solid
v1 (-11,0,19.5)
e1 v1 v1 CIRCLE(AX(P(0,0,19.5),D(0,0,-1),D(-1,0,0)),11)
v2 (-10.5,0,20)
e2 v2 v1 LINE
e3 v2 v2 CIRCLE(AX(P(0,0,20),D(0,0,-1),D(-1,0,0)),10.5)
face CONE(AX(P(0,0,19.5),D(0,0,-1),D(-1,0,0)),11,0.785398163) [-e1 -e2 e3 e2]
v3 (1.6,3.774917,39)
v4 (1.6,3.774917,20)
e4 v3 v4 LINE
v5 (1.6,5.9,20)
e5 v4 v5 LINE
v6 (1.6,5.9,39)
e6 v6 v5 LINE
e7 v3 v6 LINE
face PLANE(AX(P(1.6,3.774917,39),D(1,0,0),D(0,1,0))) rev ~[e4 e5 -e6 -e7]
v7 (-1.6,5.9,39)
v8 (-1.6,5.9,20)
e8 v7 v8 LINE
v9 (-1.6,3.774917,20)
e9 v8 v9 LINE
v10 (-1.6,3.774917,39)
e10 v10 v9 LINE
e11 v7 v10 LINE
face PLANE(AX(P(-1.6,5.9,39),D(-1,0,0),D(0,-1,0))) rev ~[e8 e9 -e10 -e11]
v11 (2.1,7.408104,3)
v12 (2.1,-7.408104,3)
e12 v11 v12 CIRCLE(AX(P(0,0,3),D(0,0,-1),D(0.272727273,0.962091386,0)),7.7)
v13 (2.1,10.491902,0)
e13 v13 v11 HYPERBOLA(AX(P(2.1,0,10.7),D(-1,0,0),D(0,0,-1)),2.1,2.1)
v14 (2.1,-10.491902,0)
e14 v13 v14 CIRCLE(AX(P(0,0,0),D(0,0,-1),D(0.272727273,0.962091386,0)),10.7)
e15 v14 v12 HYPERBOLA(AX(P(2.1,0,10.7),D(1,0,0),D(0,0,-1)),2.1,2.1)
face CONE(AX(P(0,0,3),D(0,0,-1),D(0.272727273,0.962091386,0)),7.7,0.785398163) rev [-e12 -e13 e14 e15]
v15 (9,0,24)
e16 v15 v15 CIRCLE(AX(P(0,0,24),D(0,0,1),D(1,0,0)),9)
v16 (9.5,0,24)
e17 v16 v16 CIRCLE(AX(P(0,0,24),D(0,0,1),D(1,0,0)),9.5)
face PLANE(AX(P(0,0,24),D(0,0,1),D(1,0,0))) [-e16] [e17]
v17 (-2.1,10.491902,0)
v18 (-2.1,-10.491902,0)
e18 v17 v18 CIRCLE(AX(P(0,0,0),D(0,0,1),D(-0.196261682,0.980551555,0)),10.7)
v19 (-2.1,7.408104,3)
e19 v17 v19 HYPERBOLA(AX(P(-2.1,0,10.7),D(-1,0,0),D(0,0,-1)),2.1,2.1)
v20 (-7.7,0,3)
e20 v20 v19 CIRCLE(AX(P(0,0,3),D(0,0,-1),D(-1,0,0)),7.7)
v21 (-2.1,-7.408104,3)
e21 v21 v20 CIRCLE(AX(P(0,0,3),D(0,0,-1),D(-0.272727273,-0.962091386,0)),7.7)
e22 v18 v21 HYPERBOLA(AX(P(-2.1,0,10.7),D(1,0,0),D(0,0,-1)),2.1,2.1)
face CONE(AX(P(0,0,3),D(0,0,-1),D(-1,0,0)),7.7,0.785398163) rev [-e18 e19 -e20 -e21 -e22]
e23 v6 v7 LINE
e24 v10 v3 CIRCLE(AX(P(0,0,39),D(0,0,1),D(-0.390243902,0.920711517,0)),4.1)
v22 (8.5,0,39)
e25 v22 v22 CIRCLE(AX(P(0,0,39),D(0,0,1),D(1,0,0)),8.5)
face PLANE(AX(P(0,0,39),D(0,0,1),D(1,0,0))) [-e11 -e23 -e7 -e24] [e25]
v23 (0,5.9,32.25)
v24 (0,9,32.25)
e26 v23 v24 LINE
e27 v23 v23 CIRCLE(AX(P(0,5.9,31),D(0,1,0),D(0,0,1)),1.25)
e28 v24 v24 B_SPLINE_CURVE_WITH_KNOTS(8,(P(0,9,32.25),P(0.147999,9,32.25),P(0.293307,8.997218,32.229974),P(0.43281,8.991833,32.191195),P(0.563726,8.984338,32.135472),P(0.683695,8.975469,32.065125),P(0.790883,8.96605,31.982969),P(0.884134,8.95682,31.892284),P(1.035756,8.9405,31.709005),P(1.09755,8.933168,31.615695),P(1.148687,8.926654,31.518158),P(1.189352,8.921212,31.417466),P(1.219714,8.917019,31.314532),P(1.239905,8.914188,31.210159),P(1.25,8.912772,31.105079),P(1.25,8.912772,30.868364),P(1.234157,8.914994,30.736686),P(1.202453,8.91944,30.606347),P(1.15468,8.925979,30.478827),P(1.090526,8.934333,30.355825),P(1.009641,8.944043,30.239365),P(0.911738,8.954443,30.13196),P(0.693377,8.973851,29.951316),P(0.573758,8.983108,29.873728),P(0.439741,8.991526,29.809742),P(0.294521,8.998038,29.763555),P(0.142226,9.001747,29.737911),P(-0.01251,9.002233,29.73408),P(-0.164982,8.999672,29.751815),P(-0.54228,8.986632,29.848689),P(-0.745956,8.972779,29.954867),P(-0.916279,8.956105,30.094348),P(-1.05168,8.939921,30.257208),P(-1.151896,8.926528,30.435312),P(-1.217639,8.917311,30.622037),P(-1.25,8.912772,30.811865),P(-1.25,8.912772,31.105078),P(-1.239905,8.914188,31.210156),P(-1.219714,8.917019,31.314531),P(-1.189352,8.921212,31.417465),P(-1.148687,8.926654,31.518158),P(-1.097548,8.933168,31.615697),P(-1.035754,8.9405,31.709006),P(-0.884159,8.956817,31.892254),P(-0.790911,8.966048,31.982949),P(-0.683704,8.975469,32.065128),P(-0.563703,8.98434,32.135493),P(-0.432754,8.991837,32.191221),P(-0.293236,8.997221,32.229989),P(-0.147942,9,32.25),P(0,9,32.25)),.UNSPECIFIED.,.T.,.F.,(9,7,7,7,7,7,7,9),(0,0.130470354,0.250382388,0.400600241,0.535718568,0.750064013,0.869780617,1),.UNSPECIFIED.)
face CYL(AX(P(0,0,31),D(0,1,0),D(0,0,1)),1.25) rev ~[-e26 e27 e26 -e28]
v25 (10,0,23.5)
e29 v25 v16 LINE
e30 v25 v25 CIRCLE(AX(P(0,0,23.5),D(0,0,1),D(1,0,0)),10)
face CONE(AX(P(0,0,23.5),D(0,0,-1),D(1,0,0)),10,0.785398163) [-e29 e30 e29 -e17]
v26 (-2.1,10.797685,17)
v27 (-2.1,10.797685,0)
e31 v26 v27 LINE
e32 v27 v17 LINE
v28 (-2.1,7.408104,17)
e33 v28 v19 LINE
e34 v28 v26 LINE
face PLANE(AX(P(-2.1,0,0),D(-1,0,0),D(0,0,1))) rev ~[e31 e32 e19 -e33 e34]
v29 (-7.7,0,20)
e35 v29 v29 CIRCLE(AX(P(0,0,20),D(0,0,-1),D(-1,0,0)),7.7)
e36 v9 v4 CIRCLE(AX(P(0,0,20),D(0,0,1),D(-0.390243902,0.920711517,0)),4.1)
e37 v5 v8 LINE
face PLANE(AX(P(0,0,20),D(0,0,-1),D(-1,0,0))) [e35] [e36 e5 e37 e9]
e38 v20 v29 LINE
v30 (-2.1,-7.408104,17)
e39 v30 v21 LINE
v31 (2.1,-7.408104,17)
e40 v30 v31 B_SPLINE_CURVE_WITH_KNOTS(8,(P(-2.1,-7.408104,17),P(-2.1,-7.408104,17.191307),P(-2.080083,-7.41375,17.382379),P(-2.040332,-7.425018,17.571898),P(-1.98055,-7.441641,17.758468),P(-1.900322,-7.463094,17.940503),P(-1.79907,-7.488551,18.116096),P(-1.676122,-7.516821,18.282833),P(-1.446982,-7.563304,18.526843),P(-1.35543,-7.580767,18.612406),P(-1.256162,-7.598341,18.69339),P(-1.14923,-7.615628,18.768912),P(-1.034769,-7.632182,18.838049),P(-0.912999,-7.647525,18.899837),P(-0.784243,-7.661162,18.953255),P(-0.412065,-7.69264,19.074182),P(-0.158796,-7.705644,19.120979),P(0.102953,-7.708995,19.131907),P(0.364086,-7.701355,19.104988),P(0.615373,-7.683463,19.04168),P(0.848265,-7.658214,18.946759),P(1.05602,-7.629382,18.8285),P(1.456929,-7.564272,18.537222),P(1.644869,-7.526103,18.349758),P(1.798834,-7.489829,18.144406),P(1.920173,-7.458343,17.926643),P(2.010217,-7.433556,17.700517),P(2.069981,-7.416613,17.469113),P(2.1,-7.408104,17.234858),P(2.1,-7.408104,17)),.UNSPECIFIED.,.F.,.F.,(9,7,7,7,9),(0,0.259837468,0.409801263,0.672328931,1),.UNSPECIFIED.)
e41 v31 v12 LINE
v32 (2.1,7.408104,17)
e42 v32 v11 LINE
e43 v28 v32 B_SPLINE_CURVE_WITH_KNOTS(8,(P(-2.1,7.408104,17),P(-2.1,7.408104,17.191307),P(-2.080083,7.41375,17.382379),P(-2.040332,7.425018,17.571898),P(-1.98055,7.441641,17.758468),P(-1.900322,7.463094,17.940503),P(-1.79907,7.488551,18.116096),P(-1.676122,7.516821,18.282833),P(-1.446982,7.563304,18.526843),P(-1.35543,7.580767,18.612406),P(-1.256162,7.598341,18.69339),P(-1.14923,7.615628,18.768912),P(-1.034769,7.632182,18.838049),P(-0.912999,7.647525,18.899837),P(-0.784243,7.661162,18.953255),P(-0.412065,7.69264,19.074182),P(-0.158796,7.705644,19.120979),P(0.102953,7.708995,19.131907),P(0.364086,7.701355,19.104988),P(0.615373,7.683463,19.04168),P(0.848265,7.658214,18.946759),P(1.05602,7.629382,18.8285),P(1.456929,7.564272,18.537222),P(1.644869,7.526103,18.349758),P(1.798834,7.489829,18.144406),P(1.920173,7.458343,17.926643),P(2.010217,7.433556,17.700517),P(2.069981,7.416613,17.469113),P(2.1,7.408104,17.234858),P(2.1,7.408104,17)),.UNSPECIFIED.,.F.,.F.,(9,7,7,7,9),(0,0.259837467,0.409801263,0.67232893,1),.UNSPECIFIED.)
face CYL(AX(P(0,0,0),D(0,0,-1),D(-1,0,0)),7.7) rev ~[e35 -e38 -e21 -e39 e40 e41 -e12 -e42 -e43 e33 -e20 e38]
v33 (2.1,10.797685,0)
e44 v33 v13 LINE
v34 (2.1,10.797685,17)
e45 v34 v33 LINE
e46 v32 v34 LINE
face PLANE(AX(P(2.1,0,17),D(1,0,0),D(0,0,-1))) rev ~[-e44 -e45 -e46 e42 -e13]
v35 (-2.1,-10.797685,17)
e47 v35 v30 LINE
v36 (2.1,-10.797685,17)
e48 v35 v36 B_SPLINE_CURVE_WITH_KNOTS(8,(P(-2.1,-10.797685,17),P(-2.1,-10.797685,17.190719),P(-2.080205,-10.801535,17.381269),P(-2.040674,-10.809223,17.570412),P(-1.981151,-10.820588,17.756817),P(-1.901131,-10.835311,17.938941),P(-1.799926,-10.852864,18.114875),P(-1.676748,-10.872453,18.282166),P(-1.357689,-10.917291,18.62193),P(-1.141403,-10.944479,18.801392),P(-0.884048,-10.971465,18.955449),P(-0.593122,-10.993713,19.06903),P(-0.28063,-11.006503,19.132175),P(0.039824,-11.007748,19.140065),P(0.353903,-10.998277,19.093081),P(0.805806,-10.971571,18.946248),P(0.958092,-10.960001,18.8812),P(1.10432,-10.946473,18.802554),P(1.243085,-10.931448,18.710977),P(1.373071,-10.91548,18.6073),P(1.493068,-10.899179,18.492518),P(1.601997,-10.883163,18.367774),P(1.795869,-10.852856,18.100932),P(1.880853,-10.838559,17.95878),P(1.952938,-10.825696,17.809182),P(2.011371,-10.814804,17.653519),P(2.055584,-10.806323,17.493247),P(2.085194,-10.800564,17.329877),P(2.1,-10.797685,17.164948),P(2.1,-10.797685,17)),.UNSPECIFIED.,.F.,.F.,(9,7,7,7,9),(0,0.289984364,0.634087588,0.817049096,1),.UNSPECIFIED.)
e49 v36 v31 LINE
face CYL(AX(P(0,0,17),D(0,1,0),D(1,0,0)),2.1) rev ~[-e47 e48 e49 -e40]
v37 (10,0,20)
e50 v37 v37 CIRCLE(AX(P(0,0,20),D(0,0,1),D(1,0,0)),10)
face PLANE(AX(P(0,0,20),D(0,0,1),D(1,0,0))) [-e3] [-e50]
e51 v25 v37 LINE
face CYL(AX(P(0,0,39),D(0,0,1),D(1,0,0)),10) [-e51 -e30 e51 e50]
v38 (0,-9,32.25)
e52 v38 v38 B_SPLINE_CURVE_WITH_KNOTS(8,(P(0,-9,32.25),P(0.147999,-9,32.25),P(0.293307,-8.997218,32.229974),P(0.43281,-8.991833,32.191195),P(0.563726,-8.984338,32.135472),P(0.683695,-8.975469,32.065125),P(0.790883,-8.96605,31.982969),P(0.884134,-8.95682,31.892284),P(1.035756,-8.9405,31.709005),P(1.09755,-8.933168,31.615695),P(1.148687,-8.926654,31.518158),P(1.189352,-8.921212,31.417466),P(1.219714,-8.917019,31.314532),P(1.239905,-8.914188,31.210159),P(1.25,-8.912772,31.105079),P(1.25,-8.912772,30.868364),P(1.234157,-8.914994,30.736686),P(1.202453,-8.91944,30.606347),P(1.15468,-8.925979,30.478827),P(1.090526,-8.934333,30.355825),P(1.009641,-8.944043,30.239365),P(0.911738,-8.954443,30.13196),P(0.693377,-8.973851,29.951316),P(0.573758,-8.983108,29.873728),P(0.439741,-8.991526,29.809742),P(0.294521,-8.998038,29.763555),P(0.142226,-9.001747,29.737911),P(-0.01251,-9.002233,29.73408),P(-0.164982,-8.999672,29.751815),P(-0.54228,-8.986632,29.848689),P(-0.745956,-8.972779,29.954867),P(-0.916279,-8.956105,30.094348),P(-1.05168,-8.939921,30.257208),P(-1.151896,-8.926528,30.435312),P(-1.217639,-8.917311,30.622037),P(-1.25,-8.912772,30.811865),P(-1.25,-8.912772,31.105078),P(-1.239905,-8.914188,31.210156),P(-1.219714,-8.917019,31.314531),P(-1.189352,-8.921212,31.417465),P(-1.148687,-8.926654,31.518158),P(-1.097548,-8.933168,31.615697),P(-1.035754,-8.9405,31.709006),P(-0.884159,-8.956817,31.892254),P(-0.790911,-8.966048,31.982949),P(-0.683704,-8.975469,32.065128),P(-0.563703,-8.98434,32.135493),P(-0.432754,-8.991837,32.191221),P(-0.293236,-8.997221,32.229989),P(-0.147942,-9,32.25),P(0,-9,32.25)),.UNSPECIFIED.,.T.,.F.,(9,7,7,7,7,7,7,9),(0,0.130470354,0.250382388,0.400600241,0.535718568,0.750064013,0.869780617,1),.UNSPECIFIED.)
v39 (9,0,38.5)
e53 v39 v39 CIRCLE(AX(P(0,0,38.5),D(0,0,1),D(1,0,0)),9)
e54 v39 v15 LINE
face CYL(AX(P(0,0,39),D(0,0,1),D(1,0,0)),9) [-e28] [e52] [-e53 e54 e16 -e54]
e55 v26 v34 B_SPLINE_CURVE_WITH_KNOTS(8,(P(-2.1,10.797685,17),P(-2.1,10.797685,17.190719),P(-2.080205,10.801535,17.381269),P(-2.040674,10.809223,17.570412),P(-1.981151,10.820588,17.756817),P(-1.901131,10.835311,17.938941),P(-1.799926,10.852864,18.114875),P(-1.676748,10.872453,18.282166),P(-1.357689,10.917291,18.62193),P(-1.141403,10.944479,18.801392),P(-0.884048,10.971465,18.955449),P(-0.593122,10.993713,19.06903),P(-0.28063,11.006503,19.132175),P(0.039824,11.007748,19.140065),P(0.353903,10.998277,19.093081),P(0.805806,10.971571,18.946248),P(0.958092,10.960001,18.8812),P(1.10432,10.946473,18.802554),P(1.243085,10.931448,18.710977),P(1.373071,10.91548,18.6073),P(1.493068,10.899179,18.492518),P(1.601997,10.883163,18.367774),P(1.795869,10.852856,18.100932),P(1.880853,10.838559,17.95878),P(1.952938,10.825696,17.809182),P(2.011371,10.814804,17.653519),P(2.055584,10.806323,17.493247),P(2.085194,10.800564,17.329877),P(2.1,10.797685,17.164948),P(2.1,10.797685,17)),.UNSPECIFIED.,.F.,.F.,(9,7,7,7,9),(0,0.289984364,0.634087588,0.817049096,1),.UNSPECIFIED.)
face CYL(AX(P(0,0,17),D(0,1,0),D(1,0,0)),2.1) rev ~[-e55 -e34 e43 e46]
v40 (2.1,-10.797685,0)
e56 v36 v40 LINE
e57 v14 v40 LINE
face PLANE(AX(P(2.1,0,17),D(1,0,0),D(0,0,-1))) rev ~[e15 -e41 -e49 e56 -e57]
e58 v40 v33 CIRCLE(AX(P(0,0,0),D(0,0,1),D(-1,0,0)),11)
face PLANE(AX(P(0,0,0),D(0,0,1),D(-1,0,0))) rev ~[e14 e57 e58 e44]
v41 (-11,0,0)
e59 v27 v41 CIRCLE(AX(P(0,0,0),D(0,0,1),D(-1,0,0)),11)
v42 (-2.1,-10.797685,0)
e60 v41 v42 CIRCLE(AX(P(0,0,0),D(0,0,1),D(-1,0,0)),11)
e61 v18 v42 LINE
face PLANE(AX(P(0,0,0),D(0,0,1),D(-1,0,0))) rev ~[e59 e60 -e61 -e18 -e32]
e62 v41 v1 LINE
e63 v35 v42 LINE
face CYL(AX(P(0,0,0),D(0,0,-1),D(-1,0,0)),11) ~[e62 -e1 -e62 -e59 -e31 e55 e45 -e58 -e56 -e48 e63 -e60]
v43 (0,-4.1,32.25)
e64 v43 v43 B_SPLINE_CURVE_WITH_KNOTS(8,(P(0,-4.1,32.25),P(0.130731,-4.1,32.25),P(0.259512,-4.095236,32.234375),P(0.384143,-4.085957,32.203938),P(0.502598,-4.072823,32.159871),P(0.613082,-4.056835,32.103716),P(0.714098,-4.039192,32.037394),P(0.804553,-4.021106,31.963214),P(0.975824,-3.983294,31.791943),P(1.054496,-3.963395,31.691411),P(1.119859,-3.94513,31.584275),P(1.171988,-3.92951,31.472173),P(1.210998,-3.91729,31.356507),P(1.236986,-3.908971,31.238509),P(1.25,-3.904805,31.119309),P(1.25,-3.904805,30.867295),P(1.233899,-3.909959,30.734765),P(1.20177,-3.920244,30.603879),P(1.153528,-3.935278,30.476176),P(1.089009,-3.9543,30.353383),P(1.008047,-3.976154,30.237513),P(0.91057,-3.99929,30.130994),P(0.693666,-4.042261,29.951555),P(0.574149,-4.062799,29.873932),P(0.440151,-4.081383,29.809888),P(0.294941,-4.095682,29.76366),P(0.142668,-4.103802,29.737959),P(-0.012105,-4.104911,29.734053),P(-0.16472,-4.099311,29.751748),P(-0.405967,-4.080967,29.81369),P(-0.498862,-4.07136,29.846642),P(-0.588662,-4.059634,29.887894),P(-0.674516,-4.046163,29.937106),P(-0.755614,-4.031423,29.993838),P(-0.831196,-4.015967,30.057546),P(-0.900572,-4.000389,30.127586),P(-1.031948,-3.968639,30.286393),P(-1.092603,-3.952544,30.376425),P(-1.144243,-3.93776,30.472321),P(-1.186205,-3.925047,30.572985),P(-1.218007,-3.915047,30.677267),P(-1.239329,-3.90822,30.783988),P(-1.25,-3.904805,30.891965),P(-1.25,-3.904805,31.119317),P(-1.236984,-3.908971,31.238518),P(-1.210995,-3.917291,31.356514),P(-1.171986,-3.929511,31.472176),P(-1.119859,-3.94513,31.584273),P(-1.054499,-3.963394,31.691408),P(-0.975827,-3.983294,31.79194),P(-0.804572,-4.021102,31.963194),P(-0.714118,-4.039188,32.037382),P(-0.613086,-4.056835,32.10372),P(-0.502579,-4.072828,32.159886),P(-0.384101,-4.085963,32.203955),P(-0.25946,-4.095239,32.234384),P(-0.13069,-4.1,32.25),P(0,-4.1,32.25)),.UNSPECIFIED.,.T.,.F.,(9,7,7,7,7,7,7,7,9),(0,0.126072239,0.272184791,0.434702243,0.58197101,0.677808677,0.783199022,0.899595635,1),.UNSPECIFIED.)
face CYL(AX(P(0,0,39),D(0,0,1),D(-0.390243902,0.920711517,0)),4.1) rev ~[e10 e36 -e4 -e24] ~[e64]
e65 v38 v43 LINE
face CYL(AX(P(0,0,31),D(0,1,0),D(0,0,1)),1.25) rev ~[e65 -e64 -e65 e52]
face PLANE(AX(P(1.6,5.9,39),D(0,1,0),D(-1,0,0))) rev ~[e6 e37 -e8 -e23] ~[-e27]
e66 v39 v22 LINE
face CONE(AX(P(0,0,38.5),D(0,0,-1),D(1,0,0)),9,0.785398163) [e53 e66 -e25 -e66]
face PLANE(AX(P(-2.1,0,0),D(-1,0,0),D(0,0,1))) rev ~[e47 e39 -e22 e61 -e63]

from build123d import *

# Parameters (mm, degrees)
SKETCH_1_R           = 11
EXTRUDE_1_DEPTH      = 29
SKETCH_2_OUTSIDE_W   = 32.506
SKETCH_2_OUTSIDE_H   = 32.506
SKETCH_2_OUTSIDE_R   = 10
CUT_EXTRUDE_1_DEPTH  = 9
SKETCH_3_R           = 7.7
CUT_EXTRUDE_2_DEPTH  = 20
SKETCH_4_R           = 2.1
CUT_EXTRUDE_3_DEPTH  = 25
CHAMFER_1_SIZE       = 3
EXTRUDE_START        = 10
SKETCH_5_R           = 10
EXTRUDE_2_DEPTH      = 10
SKETCH_6_R           = 4
CUT_EXTRUDE_5_DEPTH  = 19
SKETCH_8_OUTSIDE_W   = 33.978
SKETCH_8_OUTSIDE_H   = 33.978
SKETCH_8_OUTSIDE_R   = 9
CUT_EXTRUDE_7_DEPTH  = 15
SKETCH_9_R           = 1.25
CUT_EXTRUDE_8_DEPTH  = 25
CHAMFER_3_SIZE       = 0.5
CUT_EXTRUDE_9_DEPTH  = 19
CUT_EXTRUDE_10_DEPTH = 19


with BuildPart() as part:
    # 草图1 → 凸台-拉伸1 (new body)
    with BuildSketch(Plane.XY):
        with Locations(Location((0, 0, 0), (0, 0, 180))):
            Circle(SKETCH_1_R)
    extrude(amount=EXTRUDE_1_DEPTH)

    # 草图2 outside → 切除-拉伸1 (cut)
    with BuildSketch(Plane.XY.offset(29)):
        Rectangle(SKETCH_2_OUTSIDE_W, SKETCH_2_OUTSIDE_H)
        Circle(SKETCH_2_OUTSIDE_R, mode=Mode.SUBTRACT)
    extrude(amount=-CUT_EXTRUDE_1_DEPTH, mode=Mode.SUBTRACT)

    # 草图3 → 切除-拉伸2 (cut)
    with BuildSketch(Plane(origin=(0, 0, 0), x_dir=(-1, 0, 0), z_dir=(0, 0, -1))):
        Circle(SKETCH_3_R)
    extrude(amount=-CUT_EXTRUDE_2_DEPTH, mode=Mode.SUBTRACT)

    # 草图4 → 切除-拉伸3 (cut, symmetric)
    with BuildSketch(Plane(origin=(0, 0, 0), x_dir=(1, 0, 0), z_dir=(0, 1, 0))):
        with BuildLine():
            Line((-2.1, 0), (-2.1, -17))
            ThreePointArc((-2.1, -17), (0, -14.9), (2.1, -17))
            Line((2.1, -17), (2.1, 0))
            Line((2.1, 0), (-2.1, 0))
        make_face()
        with Locations((0, -17)):
            Circle(SKETCH_4_R)
    extrude(amount=CUT_EXTRUDE_3_DEPTH, both=True, mode=Mode.SUBTRACT)

    # 倒角1
    chamfer_1_edges = [part.edges().sort_by_distance(p)[0] for p in [
        (7.7, 0, 0),
        (-6.142475071, -4.643274706, 0),
    ]]
    chamfer(chamfer_1_edges, length=CHAMFER_1_SIZE)

    # 草图5 → 凸台-拉伸2 (add)
    with BuildSketch(Plane.XY.offset(29).offset(EXTRUDE_START)):
        Circle(SKETCH_5_R)
    extrude(amount=-EXTRUDE_2_DEPTH)

    # 草图6 → 切除-拉伸5 (cut)
    with BuildSketch(Plane.XY.offset(39)):
        Circle(SKETCH_6_R)
    extrude(amount=-CUT_EXTRUDE_5_DEPTH, mode=Mode.SUBTRACT)

    # 草图8 outside → 切除-拉伸7 (cut)
    with BuildSketch(Plane.XY.offset(39)):
        Rectangle(SKETCH_8_OUTSIDE_W, SKETCH_8_OUTSIDE_H)
        Circle(SKETCH_8_OUTSIDE_R, mode=Mode.SUBTRACT)
    extrude(amount=-CUT_EXTRUDE_7_DEPTH, mode=Mode.SUBTRACT)

    # 草图9 → 切除-拉伸8 (cut, symmetric)
    with BuildSketch(Plane(origin=(0, 0, 0), x_dir=(1, 0, 0), z_dir=(0, 1, 0))):
        with Locations(Location((0, -31, 0), (0, 0, 270))):
            Circle(SKETCH_9_R)
    extrude(amount=CUT_EXTRUDE_8_DEPTH, both=True, mode=Mode.SUBTRACT)

    # 倒角3
    chamfer_3_edges = [part.edges().sort_by_distance(p)[0] for p in [
        (-10, 0, 24),
        (-9, 0, 39),
        (11, 0, 20),
    ]]
    chamfer(chamfer_3_edges, length=CHAMFER_3_SIZE)

    # 草图10 → 切除-拉伸9 (cut)
    with BuildSketch(Plane.XY.offset(39)):
        with BuildLine():
            Line((0, 5.8), (0, 4))
            ThreePointArc((0, 4), (0.76406905, 3.92634671), (1.5, 3.708099244))
            Line((1.5, 3.708099244), (1.5, 5.8))
            Line((1.5, 5.8), (0, 5.8))
        make_face()
        with BuildLine():
            ThreePointArc((-1.5, 3.708099244), (-0.76406905, 3.92634671), (0, 4))
            Line((0, 4), (0, 5.8))
            Line((0, 5.8), (-1.5, 5.8))
            Line((-1.5, 5.8), (-1.5, 3.708099244))
        make_face()
    extrude(amount=-CUT_EXTRUDE_9_DEPTH, mode=Mode.SUBTRACT)

    # 草图11 → 切除-拉伸10 (cut)
    with BuildSketch(Plane.XY.offset(39)):
        with BuildLine():
            Line((1.6, 3.774917218), (1.6, 5.9))
            Line((1.6, 5.9), (-1.6, 5.9))
            Line((-1.6, 5.9), (-1.6, 3.774917218))
            ThreePointArc((-1.6, 3.774917218), (0, -4.1), (1.6, 3.774917218))
        make_face()
    extrude(amount=-CUT_EXTRUDE_10_DEPTH, mode=Mode.SUBTRACT)


solid = part.part
